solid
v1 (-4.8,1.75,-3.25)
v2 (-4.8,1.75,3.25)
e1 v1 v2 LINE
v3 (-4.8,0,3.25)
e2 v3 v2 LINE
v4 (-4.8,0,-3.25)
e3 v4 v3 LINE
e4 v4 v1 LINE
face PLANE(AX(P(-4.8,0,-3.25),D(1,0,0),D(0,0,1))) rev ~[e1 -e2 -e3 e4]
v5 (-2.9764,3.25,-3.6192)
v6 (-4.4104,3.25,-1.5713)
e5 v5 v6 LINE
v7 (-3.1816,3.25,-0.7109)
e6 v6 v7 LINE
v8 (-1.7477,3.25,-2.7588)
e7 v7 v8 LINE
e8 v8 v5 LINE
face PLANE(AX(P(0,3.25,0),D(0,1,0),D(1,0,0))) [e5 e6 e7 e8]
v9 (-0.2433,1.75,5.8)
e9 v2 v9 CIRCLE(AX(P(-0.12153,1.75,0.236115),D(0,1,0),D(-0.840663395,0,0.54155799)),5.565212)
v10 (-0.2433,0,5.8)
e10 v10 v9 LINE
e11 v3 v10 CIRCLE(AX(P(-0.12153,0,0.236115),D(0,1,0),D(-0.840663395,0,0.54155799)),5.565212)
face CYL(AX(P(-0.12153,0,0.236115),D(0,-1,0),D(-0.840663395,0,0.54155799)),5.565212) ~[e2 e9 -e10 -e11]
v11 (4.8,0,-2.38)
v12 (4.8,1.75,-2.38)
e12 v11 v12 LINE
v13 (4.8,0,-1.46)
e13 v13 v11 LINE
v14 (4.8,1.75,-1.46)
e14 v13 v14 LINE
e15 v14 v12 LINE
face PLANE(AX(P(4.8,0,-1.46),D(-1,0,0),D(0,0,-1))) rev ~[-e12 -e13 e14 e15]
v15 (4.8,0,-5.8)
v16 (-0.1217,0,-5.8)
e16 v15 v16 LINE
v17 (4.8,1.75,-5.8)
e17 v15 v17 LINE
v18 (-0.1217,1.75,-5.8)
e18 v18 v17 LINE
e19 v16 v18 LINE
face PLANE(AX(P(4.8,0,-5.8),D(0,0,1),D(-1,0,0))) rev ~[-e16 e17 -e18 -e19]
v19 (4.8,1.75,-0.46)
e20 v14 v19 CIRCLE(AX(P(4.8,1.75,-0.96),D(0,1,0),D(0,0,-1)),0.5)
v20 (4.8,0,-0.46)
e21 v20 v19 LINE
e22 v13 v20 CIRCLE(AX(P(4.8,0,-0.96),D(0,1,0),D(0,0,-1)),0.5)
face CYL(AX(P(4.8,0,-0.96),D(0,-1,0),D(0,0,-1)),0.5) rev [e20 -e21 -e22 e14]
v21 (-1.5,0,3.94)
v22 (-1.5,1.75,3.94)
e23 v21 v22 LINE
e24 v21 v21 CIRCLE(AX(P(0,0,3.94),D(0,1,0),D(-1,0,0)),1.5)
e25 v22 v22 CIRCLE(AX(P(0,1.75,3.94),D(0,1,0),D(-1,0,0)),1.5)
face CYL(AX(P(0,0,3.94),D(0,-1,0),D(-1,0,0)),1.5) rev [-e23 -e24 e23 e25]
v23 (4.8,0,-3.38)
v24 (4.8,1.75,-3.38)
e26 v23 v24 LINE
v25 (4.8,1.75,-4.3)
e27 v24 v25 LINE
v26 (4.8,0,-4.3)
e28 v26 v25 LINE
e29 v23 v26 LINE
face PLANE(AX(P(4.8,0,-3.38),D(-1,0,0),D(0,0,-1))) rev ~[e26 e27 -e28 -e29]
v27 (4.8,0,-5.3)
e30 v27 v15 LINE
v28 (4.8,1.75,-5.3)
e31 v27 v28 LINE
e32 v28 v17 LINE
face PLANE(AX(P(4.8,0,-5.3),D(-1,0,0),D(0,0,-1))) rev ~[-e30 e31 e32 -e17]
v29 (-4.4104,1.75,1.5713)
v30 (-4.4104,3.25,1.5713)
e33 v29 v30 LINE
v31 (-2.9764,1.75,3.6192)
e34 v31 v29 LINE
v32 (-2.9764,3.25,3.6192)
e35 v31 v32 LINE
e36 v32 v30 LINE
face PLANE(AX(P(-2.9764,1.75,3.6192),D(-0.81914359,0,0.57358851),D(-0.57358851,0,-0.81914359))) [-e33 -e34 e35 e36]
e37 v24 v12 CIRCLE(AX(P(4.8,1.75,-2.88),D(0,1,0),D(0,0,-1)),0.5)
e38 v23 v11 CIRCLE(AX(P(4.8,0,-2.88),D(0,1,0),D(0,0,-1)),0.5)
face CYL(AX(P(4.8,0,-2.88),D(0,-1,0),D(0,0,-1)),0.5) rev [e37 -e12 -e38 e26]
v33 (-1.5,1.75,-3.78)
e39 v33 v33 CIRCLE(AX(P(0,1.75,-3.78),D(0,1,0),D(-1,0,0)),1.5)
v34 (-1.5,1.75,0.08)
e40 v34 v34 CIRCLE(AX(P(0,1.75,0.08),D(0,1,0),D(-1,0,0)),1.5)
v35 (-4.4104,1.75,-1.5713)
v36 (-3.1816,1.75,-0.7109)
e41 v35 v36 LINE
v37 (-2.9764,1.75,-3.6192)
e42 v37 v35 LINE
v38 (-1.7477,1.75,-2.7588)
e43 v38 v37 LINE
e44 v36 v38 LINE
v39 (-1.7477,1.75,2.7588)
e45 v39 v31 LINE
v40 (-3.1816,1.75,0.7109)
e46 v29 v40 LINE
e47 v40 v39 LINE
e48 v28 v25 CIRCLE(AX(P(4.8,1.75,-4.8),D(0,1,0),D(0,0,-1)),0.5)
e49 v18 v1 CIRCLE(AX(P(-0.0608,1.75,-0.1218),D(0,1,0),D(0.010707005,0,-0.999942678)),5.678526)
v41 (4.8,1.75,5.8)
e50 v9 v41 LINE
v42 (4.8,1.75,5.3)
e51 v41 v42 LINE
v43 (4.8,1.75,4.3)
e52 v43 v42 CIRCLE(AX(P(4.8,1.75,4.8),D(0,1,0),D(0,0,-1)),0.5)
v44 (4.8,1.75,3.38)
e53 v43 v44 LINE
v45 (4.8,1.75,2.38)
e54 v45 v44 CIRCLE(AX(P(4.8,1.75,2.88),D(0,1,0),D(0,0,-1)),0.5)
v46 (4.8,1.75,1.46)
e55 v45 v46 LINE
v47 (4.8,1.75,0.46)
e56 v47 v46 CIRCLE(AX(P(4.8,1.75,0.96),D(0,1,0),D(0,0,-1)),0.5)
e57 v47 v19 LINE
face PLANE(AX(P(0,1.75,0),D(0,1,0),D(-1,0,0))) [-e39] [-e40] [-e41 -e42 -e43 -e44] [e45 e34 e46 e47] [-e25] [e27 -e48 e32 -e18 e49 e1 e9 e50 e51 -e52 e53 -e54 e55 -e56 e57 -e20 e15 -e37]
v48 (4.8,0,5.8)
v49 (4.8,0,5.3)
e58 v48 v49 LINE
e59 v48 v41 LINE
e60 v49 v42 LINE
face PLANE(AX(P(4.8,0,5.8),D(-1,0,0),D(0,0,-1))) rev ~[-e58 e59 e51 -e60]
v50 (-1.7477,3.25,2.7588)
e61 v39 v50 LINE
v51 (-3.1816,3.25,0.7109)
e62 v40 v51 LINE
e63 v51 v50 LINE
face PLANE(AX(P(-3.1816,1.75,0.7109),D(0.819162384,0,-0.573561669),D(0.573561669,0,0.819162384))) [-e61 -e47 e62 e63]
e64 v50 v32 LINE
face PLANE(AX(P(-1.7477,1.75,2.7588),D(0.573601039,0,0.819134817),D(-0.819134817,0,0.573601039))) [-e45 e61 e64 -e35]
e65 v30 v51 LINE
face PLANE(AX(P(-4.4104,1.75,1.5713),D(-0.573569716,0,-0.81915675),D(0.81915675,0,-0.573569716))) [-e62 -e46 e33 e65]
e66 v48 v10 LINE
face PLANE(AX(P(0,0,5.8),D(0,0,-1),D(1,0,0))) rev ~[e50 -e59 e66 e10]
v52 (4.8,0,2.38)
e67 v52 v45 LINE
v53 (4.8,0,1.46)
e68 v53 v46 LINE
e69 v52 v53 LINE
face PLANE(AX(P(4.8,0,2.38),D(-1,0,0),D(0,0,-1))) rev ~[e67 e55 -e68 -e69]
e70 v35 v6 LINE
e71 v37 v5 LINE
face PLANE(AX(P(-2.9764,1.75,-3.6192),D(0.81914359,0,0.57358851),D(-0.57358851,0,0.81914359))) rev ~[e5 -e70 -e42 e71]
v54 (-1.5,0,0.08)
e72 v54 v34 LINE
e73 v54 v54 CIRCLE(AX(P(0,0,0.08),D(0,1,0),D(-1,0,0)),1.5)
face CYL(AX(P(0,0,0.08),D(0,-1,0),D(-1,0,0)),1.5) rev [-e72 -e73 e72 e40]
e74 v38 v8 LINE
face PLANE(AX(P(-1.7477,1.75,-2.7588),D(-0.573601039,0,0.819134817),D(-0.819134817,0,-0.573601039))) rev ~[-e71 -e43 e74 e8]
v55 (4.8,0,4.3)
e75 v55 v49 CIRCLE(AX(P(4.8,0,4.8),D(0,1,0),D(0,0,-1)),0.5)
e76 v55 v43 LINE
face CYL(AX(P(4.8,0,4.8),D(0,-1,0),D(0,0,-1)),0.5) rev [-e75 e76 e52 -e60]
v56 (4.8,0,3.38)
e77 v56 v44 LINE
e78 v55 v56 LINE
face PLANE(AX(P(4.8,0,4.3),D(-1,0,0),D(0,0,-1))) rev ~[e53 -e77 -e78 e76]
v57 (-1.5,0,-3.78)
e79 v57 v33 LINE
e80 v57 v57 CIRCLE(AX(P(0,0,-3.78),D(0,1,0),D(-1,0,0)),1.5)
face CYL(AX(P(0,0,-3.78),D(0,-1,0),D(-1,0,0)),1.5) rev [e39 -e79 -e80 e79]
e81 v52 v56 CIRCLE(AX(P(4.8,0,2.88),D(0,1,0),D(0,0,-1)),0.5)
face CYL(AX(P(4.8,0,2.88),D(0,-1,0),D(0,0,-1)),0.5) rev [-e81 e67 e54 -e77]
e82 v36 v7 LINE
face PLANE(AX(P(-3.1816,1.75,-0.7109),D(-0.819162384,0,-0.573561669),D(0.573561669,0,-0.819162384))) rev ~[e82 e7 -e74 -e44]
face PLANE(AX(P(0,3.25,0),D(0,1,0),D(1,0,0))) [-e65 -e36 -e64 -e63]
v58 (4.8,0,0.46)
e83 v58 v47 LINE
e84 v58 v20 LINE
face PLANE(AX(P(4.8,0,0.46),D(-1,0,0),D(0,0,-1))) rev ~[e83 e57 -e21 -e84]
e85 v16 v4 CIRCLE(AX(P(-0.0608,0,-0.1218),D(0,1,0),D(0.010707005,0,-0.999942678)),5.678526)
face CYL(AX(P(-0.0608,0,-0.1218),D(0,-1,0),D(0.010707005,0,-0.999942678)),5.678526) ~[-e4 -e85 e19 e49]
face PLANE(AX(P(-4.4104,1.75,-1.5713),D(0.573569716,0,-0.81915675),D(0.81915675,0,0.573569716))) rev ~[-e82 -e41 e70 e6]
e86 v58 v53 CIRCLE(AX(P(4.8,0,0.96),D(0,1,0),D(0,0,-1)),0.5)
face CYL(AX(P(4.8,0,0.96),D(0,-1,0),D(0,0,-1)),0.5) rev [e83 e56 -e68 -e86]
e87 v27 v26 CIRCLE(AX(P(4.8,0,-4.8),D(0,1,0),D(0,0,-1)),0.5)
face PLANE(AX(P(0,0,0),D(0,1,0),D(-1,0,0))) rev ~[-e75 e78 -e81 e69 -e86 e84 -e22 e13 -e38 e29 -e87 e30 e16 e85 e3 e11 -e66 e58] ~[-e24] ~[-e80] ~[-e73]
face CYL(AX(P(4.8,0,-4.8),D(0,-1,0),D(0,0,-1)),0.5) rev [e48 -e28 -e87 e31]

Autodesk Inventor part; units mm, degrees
ref_plane "YZ Plane" through (0, 0, 0) normal (1, 0, 0) x (0, 1, 0)
ref_plane "XZ Plane" through (0, 0, 0) normal (0, 1, 0) x (-1, 0, 0)
ref_plane "XY Plane" through (0, 0, 0) normal (0, 0, 1) x (1, 0, 0)
sketch "Sketch1" plane through (0, 0, 0) normal (0, 1, 0) x (-1, 0, 0)
  line L0 (-4.8, -5.8) -> (0.1217, -5.8)
  line L1 (4.8, -3.25) -> (4.8, 3.25)
  line L2 (0.2433, 5.8) -> (-4.8, 5.8)
  line L3 (-4.8, 5.8) -> (-4.8, -5.8)
  line L4 (-4.8, -5.8) -> (4.8, 5.8) construction
  line L5 (4.8, -5.8) -> (-4.8, 5.8) construction
  line L6 (4.8, 0) -> (4.8, 3.25) construction
  arc A0 (4.8, 3.25) -> (0, 5.8) centre (0.1217, 0.2363) ccw
  line L7 (4.8, 0) -> (4.8, -3.25) construction
  arc A1 (0, -5.8) -> (4.8, -3.25) centre (0.0608, -0.1218) ccw
  circle A2 centre (0, 3.94) radius 1.5
  circle A3 centre (0, 0.08) radius 1.5
  circle A4 centre (0, -3.78) radius 1.5
  arc A5 (-4.8, 4.3) -> (-4.8, 5.3) centre (-4.8, 4.8) ccw
  arc A6 (-4.8, 2.38) -> (-4.8, 3.38) centre (-4.8, 2.88) ccw
  arc A7 (-4.8, 0.46) -> (-4.8, 1.46) centre (-4.8, 0.96) ccw
  arc A8 (-4.8, -1.46) -> (-4.8, -0.46) centre (-4.8, -0.96) ccw
  arc A9 (-4.8, -3.38) -> (-4.8, -2.38) centre (-4.8, -2.88) ccw
  arc A10 (-4.8, -5.3) -> (-4.8, -4.3) centre (-4.8, -4.8) ccw
  line L8 (-4.8, 3.38) -> (-4.8, 2.38)
  line L9 (-4.8, 1.46) -> (-4.8, 0.46)
  line L10 (-4.8, -0.46) -> (-4.8, -1.46)
  line L11 (-4.8, -2.38) -> (-4.8, -3.38)
  line L12 (-4.8, -4.3) -> (-4.8, -5.3)
  point P0 (0, 0)
  dimension "d0" = 9.6
  dimension "d1" = 11.6
  dimension "d2" = 3.25
  dimension "d3" = 3.25
  dimension "d4" = 3
  dimension "d5" = 1.86
  dimension "d8" = 3.86
  dimension "d13" = 1
  dimension "d14" = 1
  dimension "d17" = 1.92
  dimension "d32" = 4.8
extrude "Extrusion2" add sketch "Sketch1" along normal blind 1.75 contours L3 A10 A9 A8 A7 A6 A5 L2 A0 L1 A1 L0
sketch "Sketch2" plane through (0, 1.75, 0) normal (0, 1, 0) x (1, 0, 0)
  line L0 (-1.7477, -2.7588) -> (-2.9764, -3.6192)
  line L1 (-2.9764, -3.6192) -> (-4.4104, -1.5713)
  line L2 (-4.4104, -1.5713) -> (-3.1816, -0.7109)
  line L3 (-3.1816, -0.7109) -> (-1.7477, -2.7588)
  line L4 (-4.55, -1.3) -> (-2.55, -4.3) construction
  line L5 (-2.55, -1.3) -> (-4.55, -4.3) construction
  line L6 (-0.2433, -5.8) -> (4.8, -5.8) projected
  line L7 (0, -5.8) -> (0, 5.8)
  line L8 (4.8, 5.8) -> (-0.1217, 5.8) projected
  line L9 (-4.8, 3.25) -> (-4.8, -3.25) projected
  line L10 (-4.8, 0) -> (4.8, 0) construction
  line L11 (-1.7477, 2.7588) -> (-2.9764, 3.6192)
  line L12 (-2.9764, 3.6192) -> (-4.4104, 1.5713)
  line L13 (-4.4104, 1.5713) -> (-3.1816, 0.7109)
  line L14 (-3.1816, 0.7109) -> (-1.7477, 2.7588)
  point P0 (0, 0)
  point P1 (-3.55, -2.8)
  point P2 (-3.55, -2.8)
  dimension "d26" = 1.5
  dimension "d27" = 2.5
  dimension "d28" = 1.25
  dimension "d29" = 3
extrude "Extrusion3" add sketch "Sketch2" along normal blind 1.5
properties part number "Encoder_optico"
